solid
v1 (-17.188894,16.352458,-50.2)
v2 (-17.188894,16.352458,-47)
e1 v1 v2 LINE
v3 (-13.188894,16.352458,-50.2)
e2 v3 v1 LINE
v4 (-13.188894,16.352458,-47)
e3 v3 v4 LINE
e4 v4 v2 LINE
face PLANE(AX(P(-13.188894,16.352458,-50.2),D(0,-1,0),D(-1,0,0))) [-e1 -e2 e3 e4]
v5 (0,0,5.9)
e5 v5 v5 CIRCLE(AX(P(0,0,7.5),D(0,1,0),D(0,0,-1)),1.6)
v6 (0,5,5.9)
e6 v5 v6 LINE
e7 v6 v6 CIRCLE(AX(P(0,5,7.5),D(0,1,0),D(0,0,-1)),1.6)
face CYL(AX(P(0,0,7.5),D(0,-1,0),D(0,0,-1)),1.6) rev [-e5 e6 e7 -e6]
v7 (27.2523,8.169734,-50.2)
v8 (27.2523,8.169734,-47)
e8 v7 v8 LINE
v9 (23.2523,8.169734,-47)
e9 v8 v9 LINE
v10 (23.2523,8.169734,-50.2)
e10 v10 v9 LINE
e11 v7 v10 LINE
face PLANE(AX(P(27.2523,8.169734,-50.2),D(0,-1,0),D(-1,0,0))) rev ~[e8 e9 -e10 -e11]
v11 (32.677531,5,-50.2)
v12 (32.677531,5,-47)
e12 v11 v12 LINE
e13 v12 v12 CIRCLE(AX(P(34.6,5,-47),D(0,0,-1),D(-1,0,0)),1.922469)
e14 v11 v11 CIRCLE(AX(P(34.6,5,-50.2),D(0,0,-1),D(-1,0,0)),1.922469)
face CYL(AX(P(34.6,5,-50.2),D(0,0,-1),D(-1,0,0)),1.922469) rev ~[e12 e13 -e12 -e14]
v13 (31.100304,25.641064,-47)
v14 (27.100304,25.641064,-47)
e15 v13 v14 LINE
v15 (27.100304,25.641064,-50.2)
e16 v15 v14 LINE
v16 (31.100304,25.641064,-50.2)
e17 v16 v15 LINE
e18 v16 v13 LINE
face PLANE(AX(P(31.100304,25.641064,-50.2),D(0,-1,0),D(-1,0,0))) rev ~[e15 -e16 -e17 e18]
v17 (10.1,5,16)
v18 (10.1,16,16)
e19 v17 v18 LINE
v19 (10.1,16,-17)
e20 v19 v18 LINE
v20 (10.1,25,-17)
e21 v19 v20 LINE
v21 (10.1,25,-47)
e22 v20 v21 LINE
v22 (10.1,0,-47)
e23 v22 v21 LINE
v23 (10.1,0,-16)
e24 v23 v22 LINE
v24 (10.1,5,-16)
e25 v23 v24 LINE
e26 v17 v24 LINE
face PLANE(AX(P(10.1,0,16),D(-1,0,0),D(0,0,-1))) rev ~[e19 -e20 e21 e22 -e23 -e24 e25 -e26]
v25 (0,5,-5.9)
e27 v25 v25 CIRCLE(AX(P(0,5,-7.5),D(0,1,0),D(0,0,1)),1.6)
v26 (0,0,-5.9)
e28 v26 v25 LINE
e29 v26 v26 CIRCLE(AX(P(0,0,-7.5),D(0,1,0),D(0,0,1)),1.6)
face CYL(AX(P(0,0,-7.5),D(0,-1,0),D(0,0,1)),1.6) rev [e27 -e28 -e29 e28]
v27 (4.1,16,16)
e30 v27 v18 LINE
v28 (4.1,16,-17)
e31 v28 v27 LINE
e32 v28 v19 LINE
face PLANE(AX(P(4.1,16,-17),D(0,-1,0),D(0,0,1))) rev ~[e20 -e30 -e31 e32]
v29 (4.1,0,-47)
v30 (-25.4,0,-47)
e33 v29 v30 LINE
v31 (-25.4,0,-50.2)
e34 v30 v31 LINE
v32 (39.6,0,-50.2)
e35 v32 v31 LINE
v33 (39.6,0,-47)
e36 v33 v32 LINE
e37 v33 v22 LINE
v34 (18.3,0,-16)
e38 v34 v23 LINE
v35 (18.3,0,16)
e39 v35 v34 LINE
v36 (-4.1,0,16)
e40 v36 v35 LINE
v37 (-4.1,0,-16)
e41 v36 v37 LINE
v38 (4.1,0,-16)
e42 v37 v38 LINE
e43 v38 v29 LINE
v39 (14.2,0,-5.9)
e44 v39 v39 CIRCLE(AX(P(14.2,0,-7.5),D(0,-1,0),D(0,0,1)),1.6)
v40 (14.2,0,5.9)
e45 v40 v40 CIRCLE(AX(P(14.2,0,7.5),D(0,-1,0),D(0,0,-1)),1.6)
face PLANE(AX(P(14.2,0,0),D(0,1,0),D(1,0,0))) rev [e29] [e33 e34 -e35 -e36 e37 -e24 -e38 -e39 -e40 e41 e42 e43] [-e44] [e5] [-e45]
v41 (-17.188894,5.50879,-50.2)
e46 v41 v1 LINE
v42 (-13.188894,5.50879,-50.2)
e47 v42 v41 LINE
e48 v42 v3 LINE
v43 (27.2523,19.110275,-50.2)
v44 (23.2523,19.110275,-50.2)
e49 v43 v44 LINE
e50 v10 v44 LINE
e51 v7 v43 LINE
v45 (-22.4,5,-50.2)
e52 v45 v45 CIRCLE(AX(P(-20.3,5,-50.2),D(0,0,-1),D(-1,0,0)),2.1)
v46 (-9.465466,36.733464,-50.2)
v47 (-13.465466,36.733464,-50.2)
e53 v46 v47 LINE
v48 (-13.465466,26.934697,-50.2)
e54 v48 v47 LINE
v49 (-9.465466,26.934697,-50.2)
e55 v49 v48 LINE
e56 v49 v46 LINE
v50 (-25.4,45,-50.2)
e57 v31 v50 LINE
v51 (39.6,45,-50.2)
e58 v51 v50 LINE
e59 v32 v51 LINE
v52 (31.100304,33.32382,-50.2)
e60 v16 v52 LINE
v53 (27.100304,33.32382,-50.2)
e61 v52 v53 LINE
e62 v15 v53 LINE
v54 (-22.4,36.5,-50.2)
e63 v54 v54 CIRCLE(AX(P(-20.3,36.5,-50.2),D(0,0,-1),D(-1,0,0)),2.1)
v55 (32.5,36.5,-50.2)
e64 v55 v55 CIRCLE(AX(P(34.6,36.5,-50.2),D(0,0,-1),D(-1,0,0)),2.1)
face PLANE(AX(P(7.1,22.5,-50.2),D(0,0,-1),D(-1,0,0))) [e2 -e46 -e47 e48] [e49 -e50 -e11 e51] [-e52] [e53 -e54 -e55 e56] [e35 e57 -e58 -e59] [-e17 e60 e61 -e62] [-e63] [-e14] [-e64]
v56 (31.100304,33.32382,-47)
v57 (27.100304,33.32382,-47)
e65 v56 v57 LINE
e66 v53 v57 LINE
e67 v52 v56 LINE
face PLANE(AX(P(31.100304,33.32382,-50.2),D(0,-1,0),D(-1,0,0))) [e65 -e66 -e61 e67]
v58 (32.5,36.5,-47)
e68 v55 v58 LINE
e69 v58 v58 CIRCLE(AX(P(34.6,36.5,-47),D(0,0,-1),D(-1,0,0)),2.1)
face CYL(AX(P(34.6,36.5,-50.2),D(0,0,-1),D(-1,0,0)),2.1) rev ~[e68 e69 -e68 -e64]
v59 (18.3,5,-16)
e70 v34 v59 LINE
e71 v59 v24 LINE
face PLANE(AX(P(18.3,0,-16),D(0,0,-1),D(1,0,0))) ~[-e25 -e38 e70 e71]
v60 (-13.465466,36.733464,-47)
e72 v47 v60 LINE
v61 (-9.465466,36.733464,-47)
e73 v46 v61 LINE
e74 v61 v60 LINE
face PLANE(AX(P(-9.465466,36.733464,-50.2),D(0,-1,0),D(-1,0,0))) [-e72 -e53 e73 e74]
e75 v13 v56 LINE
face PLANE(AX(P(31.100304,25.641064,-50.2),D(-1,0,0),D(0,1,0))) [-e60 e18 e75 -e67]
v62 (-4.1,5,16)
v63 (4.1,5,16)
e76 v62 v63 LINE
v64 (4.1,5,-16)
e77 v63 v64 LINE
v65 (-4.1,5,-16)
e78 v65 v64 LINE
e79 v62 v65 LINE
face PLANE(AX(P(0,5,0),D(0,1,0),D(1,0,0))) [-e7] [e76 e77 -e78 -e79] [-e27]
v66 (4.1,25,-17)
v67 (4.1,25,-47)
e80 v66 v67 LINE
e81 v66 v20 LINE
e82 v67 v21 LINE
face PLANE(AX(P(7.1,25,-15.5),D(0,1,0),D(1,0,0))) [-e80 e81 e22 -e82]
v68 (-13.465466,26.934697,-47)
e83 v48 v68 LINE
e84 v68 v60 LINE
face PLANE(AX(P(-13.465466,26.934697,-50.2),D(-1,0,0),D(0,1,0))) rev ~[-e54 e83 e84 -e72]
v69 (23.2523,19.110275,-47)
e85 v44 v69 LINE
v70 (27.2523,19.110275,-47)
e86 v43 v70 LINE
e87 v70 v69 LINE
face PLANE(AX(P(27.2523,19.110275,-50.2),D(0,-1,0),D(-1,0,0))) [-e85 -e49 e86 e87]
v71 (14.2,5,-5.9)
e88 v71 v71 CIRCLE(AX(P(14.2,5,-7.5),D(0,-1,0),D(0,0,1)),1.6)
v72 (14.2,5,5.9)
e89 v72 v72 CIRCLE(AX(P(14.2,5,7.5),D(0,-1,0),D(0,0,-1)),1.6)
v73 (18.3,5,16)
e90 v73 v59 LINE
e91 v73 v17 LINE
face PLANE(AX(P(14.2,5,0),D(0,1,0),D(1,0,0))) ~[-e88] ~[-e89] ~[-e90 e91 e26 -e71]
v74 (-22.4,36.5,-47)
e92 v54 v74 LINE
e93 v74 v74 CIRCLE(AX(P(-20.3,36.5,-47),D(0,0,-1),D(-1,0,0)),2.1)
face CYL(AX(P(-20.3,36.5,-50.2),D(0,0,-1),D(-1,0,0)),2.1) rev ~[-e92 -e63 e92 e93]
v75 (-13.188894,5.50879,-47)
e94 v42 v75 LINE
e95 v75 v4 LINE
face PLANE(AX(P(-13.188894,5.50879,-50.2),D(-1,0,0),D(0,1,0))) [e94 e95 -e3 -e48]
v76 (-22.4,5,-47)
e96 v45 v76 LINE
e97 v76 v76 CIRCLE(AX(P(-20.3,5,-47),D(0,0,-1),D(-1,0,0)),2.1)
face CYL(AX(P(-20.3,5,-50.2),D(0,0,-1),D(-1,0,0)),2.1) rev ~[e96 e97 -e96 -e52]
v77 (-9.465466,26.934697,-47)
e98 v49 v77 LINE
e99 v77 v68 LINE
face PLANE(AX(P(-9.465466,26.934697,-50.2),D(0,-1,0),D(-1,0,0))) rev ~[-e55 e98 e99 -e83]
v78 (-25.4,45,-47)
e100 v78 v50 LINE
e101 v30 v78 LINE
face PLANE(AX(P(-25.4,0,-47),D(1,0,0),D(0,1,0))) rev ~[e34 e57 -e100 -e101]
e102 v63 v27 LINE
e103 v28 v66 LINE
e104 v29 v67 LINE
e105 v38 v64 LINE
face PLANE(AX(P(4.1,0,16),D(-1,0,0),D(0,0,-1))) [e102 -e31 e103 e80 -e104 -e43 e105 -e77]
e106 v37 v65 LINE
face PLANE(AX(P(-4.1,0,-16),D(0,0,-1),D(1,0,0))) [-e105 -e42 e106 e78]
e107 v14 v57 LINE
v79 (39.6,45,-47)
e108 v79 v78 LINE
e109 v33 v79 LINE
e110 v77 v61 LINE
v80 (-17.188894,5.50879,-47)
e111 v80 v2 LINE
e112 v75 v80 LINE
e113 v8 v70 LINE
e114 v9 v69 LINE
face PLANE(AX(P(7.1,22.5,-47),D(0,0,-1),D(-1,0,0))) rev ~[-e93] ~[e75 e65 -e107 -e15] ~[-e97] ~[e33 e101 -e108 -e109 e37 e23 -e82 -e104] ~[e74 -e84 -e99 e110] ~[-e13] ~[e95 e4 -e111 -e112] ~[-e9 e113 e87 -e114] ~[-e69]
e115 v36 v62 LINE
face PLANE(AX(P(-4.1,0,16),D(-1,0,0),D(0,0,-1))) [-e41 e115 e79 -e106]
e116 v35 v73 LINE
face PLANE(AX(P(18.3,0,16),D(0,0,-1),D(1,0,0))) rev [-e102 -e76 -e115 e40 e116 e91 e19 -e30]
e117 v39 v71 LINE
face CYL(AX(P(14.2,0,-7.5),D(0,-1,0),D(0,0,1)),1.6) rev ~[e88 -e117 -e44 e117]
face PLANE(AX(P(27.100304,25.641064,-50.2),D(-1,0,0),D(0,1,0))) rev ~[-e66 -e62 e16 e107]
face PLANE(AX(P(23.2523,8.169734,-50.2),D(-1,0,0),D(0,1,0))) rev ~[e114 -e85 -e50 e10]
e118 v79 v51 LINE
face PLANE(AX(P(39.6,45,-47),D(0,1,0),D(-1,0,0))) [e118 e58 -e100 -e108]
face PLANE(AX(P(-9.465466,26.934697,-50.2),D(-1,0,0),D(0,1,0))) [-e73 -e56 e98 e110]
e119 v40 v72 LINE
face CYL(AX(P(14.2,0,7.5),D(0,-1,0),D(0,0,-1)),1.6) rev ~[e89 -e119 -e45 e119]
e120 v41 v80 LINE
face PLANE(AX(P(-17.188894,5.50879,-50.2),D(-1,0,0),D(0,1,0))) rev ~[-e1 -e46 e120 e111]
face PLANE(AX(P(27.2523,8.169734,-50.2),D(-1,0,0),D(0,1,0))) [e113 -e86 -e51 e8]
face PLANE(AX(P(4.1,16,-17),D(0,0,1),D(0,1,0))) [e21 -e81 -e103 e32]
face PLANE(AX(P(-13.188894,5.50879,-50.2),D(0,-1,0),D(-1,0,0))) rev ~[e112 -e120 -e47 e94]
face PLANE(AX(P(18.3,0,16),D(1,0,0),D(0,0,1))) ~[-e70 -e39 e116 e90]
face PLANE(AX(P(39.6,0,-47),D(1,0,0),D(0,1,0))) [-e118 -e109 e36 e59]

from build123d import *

# Parameters (mm, degrees)
SKETCH_1_W          = 8.2
SKETCH_1_H          = 32
SKETCH_1_R          = 1.6
EXTRUDE_1_DEPTH     = 5
SKETCH_2_W          = 6
SKETCH_2_H          = 63
EXTRUDE_2_DEPTH     = 25
SKETCH_3_W          = 65
SKETCH_3_H          = 45
EXTRUDE_3_DEPTH     = 3.2
SKETCH_4_R          = 1.922469011
SKETCH_4_R_2        = 2.1
CUT_EXTRUDE_1_DEPTH = 13.2
SKETCH_7_W          = 4
SKETCH_7_H          = 7.68275579
SKETCH_7_H_2        = 10.940540448
SKETCH_7_H_3        = 9.798767364
SKETCH_7_H_4        = 10.843668011
CUT_EXTRUDE_2_DEPTH = 13.2
SKETCH_8_W          = 33
SKETCH_8_H          = 9
CUT_EXTRUDE_3_DEPTH = 13.2


with BuildPart() as part:
    # 草图1 → 凸台-拉伸1 (new body)
    with BuildSketch(Plane(origin=(0, 0, 0), x_dir=(1, 0, 0), z_dir=(0, 1, 0))):
        Rectangle(SKETCH_1_W, SKETCH_1_H)
        with Locations(Location((0, 7.5, 0), (0, 0, 270))):
            Circle(SKETCH_1_R, mode=Mode.SUBTRACT)
        with Locations(Location((0, -7.5, 0), (0, 0, 90))):
            Circle(SKETCH_1_R, mode=Mode.SUBTRACT)
    extrude_1 = extrude(amount=EXTRUDE_1_DEPTH)

    # 草图2 → 凸台-拉伸2 (add)
    with BuildSketch(Plane(origin=(0, 0, 0), x_dir=(1, 0, 0), z_dir=(0, 1, 0))):
        with Locations((7.1, 15.5)):
            Rectangle(SKETCH_2_W, SKETCH_2_H)
    extrude(amount=EXTRUDE_2_DEPTH)

    # 草图3 → 凸台-拉伸3 (add)
    with BuildSketch(Plane(origin=(0, 0, -47), x_dir=(-1, 0, 0), z_dir=(0, 0, -1))):
        with Locations((-7.1, 22.5)):
            Rectangle(SKETCH_3_W, SKETCH_3_H)
    extrude(amount=EXTRUDE_3_DEPTH)

    # 草图4 → 切除-拉伸1 (cut)
    with BuildSketch(Plane(origin=(0, 0, -50.2), x_dir=(-1, 0, 0), z_dir=(0, 0, -1))):
        with Locations((-34.6, 5)):
            Circle(SKETCH_4_R)
        with Locations((20.3, 5)):
            Circle(SKETCH_4_R_2)
        with Locations((-34.6, 36.5)):
            Circle(SKETCH_4_R_2)
        with Locations((20.3, 36.5)):
            Circle(SKETCH_4_R_2)
    extrude(amount=-CUT_EXTRUDE_1_DEPTH, mode=Mode.SUBTRACT)

    # 草图7 → 切除-拉伸2 (cut)
    with BuildSketch(Plane(origin=(0, 0, -50.2), x_dir=(-1, 0, 0), z_dir=(0, 0, -1))):
        with Locations((-29.100303776, 29.48244197)):
            Rectangle(SKETCH_7_W, SKETCH_7_H)
        with Locations((-25.252299823, 13.640004416)):
            Rectangle(SKETCH_7_W, SKETCH_7_H_2)
        with Locations((11.465466314, 31.834080816)):
            Rectangle(SKETCH_7_W, SKETCH_7_H_3)
        with Locations((15.188894487, 10.930624409)):
            Rectangle(SKETCH_7_W, SKETCH_7_H_4)
    extrude(amount=-CUT_EXTRUDE_2_DEPTH, mode=Mode.SUBTRACT)

    # 镜向1: 凸台-拉伸1 across plane
    add(extrude_1.mirror(Plane.ZY.offset(-7.1)))

    # 草图8 → 切除-拉伸3 (cut)
    with BuildSketch(Plane.ZY.offset(-4.1)):
        with Locations((-0.5, 20.5)):
            Rectangle(SKETCH_8_W, SKETCH_8_H)
    extrude(amount=-CUT_EXTRUDE_3_DEPTH, mode=Mode.SUBTRACT)


solid = part.part
